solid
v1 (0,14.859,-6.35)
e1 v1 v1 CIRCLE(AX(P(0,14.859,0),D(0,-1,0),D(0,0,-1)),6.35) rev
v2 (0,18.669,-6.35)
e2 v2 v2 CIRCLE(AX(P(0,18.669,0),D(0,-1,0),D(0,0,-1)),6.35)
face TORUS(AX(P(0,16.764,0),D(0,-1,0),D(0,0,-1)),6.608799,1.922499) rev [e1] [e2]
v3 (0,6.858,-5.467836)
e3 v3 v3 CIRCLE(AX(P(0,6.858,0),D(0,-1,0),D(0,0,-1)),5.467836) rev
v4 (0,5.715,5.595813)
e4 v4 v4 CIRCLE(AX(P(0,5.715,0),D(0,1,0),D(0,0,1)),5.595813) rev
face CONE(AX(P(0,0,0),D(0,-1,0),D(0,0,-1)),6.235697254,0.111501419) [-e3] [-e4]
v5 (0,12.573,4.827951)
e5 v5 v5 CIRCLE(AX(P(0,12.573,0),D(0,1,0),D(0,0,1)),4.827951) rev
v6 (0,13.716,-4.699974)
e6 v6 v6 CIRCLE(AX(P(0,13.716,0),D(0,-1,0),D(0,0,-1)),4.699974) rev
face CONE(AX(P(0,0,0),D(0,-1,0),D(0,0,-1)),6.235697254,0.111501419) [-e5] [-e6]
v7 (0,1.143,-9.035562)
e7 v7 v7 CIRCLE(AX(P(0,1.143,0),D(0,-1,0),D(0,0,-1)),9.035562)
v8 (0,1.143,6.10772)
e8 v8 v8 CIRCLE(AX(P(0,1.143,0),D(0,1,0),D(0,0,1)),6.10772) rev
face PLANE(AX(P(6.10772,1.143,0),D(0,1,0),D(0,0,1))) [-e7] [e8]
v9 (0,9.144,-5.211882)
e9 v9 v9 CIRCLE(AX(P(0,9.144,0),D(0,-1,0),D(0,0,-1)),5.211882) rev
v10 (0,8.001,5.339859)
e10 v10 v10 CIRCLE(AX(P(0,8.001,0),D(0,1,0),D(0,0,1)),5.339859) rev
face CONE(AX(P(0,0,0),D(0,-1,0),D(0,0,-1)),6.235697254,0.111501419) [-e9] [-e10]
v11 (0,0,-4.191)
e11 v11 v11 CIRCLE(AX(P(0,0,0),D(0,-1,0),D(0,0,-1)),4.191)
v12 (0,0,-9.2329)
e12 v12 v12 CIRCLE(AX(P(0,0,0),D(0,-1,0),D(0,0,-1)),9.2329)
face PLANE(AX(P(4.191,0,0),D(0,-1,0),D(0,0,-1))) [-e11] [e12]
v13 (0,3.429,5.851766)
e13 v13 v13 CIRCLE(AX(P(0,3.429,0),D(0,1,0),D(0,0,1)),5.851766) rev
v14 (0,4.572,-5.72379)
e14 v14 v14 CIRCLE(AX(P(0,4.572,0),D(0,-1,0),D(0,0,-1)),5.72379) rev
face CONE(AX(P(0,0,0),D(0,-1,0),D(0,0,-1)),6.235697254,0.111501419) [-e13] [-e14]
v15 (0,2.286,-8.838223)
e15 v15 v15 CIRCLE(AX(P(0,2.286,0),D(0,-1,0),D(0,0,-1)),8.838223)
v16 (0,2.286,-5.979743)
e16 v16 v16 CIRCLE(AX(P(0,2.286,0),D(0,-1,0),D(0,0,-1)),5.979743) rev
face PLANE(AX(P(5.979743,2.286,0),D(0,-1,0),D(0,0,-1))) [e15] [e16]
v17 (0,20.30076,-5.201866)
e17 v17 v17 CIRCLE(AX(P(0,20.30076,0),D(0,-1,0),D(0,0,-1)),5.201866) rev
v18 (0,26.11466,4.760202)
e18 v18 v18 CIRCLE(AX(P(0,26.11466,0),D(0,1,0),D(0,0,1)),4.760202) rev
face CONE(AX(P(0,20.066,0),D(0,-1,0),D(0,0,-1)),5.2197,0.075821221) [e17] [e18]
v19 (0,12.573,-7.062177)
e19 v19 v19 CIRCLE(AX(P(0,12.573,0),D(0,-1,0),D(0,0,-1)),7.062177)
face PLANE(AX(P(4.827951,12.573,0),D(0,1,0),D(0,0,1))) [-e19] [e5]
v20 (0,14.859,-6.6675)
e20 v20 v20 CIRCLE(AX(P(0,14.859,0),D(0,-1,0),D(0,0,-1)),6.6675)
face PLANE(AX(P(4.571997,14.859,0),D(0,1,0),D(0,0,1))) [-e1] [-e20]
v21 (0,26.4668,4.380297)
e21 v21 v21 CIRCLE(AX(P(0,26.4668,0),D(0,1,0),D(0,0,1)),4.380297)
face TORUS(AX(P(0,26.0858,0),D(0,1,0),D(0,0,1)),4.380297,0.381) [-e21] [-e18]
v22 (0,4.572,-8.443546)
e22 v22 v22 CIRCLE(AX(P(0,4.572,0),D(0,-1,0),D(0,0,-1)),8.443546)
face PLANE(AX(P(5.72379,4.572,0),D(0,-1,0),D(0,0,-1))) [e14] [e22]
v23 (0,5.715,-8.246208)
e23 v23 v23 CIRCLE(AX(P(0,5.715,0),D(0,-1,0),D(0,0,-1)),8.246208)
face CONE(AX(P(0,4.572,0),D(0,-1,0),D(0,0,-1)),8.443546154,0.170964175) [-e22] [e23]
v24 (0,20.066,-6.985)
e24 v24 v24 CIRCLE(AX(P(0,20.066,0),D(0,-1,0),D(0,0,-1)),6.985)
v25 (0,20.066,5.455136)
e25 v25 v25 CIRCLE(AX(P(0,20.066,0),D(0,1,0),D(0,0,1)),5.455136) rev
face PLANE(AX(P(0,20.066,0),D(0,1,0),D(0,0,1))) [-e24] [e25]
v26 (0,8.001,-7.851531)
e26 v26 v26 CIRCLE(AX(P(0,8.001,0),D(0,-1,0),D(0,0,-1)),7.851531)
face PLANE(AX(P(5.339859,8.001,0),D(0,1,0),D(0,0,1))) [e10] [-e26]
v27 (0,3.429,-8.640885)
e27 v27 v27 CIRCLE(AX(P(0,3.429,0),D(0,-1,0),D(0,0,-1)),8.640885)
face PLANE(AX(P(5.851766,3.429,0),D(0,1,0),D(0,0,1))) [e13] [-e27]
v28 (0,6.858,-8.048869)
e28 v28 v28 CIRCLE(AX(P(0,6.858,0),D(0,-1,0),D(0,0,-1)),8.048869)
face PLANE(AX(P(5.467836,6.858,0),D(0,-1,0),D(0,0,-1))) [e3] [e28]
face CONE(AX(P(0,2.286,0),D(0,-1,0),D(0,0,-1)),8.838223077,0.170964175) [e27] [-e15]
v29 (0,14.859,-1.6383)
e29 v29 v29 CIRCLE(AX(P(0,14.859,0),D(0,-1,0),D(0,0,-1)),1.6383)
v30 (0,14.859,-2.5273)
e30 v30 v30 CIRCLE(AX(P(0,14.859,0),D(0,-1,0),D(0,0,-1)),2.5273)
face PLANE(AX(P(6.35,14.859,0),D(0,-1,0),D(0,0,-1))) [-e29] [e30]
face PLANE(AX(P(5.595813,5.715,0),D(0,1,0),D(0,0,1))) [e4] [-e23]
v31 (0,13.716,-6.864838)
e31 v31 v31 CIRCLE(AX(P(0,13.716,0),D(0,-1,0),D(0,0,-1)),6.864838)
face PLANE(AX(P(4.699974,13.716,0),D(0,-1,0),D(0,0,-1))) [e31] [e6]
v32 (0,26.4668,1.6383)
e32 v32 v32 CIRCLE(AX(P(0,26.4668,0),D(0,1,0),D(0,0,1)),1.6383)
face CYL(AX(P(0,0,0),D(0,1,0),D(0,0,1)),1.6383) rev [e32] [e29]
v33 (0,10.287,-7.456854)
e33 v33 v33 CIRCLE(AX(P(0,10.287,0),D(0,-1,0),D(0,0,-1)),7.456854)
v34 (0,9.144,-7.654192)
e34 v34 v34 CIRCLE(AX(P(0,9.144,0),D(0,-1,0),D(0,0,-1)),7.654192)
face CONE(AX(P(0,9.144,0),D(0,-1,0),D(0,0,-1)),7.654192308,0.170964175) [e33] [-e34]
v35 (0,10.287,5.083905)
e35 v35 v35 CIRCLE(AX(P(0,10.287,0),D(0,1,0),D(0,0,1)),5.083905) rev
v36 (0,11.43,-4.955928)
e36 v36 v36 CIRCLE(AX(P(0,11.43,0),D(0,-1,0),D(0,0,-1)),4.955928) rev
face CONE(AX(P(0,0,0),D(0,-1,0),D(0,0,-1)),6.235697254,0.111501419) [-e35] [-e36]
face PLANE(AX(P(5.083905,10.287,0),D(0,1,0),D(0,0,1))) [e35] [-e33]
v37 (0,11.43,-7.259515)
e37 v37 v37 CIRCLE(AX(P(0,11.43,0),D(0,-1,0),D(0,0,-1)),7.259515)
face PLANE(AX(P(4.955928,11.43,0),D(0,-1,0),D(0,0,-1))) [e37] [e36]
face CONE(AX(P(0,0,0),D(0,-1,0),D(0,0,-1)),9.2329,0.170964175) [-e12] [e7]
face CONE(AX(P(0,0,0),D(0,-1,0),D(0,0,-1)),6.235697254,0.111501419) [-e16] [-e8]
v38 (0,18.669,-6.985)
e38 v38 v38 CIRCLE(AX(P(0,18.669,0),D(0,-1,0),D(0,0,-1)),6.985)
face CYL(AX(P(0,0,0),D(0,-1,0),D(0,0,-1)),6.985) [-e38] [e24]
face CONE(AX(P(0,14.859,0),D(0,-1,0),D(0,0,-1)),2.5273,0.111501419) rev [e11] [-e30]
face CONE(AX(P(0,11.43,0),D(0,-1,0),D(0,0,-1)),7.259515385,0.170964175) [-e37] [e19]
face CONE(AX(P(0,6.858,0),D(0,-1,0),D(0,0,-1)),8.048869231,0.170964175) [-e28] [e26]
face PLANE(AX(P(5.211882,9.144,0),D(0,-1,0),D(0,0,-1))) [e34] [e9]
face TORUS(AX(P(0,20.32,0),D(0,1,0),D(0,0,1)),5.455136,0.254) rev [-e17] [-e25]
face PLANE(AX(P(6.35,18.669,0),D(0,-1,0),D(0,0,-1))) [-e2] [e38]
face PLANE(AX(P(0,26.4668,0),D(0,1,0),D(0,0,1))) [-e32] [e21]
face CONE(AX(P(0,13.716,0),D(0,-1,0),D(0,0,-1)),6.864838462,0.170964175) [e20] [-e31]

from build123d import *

# Parameters (mm, degrees)
SKETCH5_R          = 1.6383
CUT_EXTRUDE1_DEPTH = 27.4668
FILLET1_R          = 0.381
FILLET2_R          = 0.254


with BuildPart() as part:
    # Sketch1 → Revolve1 (revolve)
    with BuildSketch(Plane.XY, mode=Mode.PRIVATE) as revolve1_sk:
        Polygon((4.571997254, 14.859), (6.235697254, 0), (4.191, 0), (2.5273, 14.859), align=None)
    revolve(revolve1_sk.sketch.rotate(Axis((0, 0, 0), (0, 1, 0)), 90), axis=Axis((0, 0, 0), (0, 1, 0)))  # turned: the seam where the file's is

    # Sketch2 → Revolve2 (revolve)
    with BuildSketch(Plane.XY, mode=Mode.PRIVATE) as revolve2_sk:
        Polygon((6.235697254, 0), (9.2329, 0), (9.035561538, 1.143), (6.107720331, 1.143), align=None)
        Polygon((4.571997254, 14.859), (4.699974177, 13.716), (6.864838462, 13.716), (6.6675, 14.859), align=None)
        Polygon((5.979743408, 2.286), (8.838223077, 2.286), (8.640884615, 3.429), (5.851766485, 3.429), align=None)
        Polygon((5.723789562, 4.572), (8.443546154, 4.572), (8.246207692, 5.715), (5.595812639, 5.715), align=None)
        Polygon((5.467835716, 6.858), (8.048869231, 6.858), (7.851530769, 8.001), (5.339858793, 8.001), align=None)
        Polygon((5.21188187, 9.144), (7.654192308, 9.144), (7.456853846, 10.287), (5.083904947, 10.287), align=None)
        Polygon((4.955928023, 11.43), (7.259515385, 11.43), (7.062176923, 12.573), (4.8279511, 12.573), align=None)
    revolve(revolve2_sk.sketch.rotate(Axis((0, 0, 0), (0, 1, 0)), 90), axis=Axis((0, 0, 0), (0, 1, 0)))  # turned: the seam where the file's is

    # Sketch3 → Revolve3 (revolve)
    with BuildSketch(Plane.XY, mode=Mode.PRIVATE) as revolve3_sk:
        with BuildLine():
            Line((6.35, 14.859), (0, 14.859))
            Line((0, 14.859), (0, 20.066))
            Line((0, 20.066), (6.985, 20.066))
            Line((6.985, 20.066), (6.985, 18.669))
            Line((6.985, 18.669), (6.35, 18.669))
            ThreePointArc((6.35, 18.669), (4.6863, 16.764), (6.35, 14.859))
        make_face()
    revolve(revolve3_sk.sketch.rotate(Axis((0, 0, 0), (0, 1, 0)), 90), axis=Axis((0, 0, 0), (0, 1, 0)))  # turned: the seam where the file's is

    # Sketch4 → Revolve4 (revolve)
    with BuildSketch(Plane.XY, mode=Mode.PRIVATE) as revolve4_sk:
        Polygon((5.2197, 20.066), (0, 20.066), (0, 26.4668), (4.733451381, 26.4668), align=None)
    revolve(revolve4_sk.sketch.rotate(Axis((0, 0, 0), (0, 1, 0)), 90), axis=Axis((0, 0, 0), (0, 1, 0)))  # turned: the seam where the file's is

    # Sketch5 → Cut-Extrude1 (cut, through all)
    with BuildSketch(Plane(origin=(0, 26.4668, 0), x_dir=(1, 0, 0), z_dir=(0, 1, 0))):
        with Locations(Location((0, 0, 0), (0, 0, 270))):  # turned: the seam where the file's is
            Circle(SKETCH5_R)
    extrude(amount=-CUT_EXTRUDE1_DEPTH, mode=Mode.SUBTRACT)

    # Fillet1
    fillet1_edges = [part.edges().sort_by_distance(p)[0] for p in [
        (0, 26.4668, 4.733451381),
    ]]
    fillet(fillet1_edges, radius=FILLET1_R)

    # Fillet2
    fillet2_edges = [part.edges().sort_by_distance(p)[0] for p in [
        (0, 20.066, 5.2197),
    ]]
    fillet(fillet2_edges, radius=FILLET2_R)


solid = part.part
